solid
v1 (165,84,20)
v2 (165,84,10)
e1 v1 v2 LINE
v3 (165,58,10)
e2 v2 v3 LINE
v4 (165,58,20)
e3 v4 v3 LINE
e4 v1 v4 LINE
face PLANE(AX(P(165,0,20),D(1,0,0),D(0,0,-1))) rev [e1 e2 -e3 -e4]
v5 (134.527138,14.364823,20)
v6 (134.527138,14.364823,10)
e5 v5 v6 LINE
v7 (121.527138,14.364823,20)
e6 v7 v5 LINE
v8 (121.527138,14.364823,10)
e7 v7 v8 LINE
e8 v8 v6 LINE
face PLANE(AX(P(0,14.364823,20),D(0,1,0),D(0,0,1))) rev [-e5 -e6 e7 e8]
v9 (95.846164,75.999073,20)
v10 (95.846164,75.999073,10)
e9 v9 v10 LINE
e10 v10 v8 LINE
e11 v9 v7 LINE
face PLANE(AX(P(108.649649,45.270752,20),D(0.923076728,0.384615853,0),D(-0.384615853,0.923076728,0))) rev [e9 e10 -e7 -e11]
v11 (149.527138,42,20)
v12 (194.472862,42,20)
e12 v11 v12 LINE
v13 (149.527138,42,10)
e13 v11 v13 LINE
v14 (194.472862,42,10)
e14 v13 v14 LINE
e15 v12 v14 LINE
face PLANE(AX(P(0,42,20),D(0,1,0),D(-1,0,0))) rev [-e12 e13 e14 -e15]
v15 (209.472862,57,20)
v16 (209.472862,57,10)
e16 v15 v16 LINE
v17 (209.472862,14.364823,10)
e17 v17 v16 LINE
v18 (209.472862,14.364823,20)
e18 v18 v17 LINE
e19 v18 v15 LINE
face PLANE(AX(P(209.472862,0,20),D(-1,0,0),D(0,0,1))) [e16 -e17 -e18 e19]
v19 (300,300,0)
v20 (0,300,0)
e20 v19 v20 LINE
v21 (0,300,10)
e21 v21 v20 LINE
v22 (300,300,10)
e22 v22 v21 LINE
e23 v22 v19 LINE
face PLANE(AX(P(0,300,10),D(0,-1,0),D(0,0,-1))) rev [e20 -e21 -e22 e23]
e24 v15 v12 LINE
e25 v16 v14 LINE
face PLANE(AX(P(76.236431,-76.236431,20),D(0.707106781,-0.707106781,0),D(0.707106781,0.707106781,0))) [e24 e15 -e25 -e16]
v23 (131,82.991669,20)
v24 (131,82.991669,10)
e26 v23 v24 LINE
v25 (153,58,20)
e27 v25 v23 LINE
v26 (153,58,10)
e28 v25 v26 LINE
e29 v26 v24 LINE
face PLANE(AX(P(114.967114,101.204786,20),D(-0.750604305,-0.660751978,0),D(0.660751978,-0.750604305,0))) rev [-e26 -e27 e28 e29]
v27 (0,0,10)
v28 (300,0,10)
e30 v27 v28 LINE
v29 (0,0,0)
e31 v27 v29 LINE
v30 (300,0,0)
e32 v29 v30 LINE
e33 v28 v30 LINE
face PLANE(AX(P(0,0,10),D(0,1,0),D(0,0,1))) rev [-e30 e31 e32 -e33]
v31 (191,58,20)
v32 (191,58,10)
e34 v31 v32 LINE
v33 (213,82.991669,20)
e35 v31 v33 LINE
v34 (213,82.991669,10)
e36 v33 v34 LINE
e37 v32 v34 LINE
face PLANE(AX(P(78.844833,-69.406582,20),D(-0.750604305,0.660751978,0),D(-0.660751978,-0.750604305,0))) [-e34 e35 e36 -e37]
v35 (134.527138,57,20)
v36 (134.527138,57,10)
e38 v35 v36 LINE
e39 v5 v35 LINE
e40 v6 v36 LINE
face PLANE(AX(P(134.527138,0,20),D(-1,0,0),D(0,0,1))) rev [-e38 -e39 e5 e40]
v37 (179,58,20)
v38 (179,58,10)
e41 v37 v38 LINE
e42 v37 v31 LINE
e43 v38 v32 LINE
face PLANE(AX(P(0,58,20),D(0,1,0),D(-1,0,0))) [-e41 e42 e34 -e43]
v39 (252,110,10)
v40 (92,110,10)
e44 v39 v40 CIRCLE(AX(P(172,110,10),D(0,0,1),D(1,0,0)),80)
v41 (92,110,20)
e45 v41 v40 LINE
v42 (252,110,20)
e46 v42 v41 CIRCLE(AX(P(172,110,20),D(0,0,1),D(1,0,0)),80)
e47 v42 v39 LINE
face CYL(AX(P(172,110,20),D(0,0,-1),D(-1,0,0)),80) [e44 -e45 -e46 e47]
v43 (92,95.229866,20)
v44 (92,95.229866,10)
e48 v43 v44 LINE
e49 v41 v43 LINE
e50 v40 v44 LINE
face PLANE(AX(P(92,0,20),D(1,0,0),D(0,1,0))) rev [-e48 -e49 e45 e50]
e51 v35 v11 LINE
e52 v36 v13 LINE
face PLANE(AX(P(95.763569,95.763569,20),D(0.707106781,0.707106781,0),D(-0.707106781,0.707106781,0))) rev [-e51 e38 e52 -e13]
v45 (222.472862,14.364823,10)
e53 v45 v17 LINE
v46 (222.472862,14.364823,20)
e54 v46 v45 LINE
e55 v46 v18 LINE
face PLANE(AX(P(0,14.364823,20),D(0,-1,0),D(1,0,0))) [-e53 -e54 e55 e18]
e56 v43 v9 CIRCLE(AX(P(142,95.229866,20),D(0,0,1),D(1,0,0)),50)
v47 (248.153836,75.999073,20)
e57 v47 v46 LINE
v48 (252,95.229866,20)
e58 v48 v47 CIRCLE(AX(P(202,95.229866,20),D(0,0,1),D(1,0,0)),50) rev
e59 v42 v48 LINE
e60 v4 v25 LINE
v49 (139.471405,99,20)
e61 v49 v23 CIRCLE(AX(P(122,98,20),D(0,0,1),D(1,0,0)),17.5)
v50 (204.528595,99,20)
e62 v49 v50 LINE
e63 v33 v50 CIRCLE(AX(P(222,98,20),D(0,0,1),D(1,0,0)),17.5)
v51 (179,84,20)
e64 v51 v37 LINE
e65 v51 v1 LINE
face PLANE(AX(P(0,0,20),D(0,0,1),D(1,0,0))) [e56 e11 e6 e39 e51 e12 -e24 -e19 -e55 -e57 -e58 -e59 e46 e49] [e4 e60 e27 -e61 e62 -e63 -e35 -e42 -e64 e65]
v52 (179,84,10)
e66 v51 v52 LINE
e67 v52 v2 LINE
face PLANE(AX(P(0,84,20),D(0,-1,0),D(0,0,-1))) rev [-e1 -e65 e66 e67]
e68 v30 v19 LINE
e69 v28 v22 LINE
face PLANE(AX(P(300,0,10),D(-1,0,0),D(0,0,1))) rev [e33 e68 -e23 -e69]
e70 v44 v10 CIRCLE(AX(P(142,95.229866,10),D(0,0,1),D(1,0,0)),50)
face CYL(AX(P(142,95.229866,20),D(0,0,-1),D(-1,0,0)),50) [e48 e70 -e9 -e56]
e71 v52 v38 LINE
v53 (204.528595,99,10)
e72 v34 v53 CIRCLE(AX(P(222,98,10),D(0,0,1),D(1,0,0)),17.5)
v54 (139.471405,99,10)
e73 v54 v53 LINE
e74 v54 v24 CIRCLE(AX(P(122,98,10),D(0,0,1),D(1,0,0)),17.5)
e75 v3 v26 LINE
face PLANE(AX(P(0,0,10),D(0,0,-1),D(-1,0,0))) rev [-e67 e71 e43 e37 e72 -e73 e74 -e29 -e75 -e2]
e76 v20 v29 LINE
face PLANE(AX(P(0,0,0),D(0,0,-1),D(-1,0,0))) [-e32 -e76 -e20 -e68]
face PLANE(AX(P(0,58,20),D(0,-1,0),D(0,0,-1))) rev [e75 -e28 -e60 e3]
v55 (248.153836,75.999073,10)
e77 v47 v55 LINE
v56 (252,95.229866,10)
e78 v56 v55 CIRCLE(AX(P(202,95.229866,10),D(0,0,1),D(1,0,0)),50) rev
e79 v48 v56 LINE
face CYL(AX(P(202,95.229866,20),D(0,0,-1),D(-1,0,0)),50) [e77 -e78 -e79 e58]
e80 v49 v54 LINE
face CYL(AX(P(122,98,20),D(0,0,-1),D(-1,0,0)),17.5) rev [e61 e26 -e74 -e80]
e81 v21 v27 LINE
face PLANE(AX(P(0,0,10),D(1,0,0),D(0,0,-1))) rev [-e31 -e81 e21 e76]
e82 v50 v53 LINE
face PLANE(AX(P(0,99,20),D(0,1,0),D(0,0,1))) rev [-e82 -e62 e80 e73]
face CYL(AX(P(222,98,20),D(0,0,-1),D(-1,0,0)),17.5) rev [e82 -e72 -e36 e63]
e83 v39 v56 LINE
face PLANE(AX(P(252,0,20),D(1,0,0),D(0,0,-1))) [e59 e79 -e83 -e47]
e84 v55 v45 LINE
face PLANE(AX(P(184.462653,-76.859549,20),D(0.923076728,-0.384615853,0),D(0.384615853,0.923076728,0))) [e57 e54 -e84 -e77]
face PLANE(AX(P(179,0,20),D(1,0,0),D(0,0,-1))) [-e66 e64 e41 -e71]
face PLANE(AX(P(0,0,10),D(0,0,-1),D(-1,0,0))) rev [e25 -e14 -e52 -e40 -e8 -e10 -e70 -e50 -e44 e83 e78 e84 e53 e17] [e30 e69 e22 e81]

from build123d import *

# Parameters (mm, degrees)
SKICA1_W                = 300
SKICA1_H                = 300
P_IDAT_VYSUNUT_M1_DEPTH = 10
P_IDAT_VYSUNUT_M3_DEPTH = 10


with BuildPart() as part:
    # Skica1 → Přidat vysunutím1 (new body)
    with BuildSketch(Plane.XY):
        with Locations((150, 150)):
            Rectangle(SKICA1_W, SKICA1_H)
    extrude(amount=P_IDAT_VYSUNUT_M1_DEPTH)

    # Skica3 → Přidat vysunutím3 (add)
    with BuildSketch(Plane.XY.offset(10)):
        with BuildLine():
            Line((121.527137935, 14.364823185), (134.527137935, 14.364823185))
            Line((134.527137935, 14.364823185), (134.527137935, 57))
            Line((134.527137935, 57), (149.527137935, 42))
            Line((149.527137935, 42), (194.472862065, 42))
            Line((194.472862065, 42), (209.472862065, 57))
            Line((209.472862065, 57), (209.472862065, 14.364823185))
            Line((209.472862065, 14.364823185), (222.472862065, 14.364823185))
            Line((222.472862065, 14.364823185), (248.153836395, 75.999073478))
            ThreePointArc((248.153836395, 75.999073478), (251.029031296, 85.424046933), (252, 95.22986613))
            Line((252, 95.22986613), (252, 110))
            ThreePointArc((252, 110), (172, 190), (92, 110))
            Line((92, 110), (92, 95.22986613))
            ThreePointArc((92, 95.22986613), (92.970968704, 85.424046933), (95.846163605, 75.999073478))
            Line((95.846163605, 75.999073478), (121.527137935, 14.364823185))
        make_face()
        with BuildLine():
            ThreePointArc((131, 82.99166898), (106.532275896, 106.185322904), (139.47140521, 99))
            Line((139.47140521, 99), (204.52859479, 99))
            ThreePointArc((204.52859479, 99), (222.500204374, 115.492849842), (239.5, 98))
            ThreePointArc((239.5, 98), (230.624094155, 82.772557667), (213, 82.99166898))
            Line((213, 82.99166898), (191, 58))
            Line((191, 58), (179, 58))
            Line((179, 58), (179, 84))
            Line((179, 84), (165, 84))
            Line((165, 84), (165, 58))
            Line((165, 58), (153, 58))
            Line((153, 58), (131, 82.99166898))
        make_face(mode=Mode.SUBTRACT)
    extrude(amount=P_IDAT_VYSUNUT_M3_DEPTH)


solid = part.part
